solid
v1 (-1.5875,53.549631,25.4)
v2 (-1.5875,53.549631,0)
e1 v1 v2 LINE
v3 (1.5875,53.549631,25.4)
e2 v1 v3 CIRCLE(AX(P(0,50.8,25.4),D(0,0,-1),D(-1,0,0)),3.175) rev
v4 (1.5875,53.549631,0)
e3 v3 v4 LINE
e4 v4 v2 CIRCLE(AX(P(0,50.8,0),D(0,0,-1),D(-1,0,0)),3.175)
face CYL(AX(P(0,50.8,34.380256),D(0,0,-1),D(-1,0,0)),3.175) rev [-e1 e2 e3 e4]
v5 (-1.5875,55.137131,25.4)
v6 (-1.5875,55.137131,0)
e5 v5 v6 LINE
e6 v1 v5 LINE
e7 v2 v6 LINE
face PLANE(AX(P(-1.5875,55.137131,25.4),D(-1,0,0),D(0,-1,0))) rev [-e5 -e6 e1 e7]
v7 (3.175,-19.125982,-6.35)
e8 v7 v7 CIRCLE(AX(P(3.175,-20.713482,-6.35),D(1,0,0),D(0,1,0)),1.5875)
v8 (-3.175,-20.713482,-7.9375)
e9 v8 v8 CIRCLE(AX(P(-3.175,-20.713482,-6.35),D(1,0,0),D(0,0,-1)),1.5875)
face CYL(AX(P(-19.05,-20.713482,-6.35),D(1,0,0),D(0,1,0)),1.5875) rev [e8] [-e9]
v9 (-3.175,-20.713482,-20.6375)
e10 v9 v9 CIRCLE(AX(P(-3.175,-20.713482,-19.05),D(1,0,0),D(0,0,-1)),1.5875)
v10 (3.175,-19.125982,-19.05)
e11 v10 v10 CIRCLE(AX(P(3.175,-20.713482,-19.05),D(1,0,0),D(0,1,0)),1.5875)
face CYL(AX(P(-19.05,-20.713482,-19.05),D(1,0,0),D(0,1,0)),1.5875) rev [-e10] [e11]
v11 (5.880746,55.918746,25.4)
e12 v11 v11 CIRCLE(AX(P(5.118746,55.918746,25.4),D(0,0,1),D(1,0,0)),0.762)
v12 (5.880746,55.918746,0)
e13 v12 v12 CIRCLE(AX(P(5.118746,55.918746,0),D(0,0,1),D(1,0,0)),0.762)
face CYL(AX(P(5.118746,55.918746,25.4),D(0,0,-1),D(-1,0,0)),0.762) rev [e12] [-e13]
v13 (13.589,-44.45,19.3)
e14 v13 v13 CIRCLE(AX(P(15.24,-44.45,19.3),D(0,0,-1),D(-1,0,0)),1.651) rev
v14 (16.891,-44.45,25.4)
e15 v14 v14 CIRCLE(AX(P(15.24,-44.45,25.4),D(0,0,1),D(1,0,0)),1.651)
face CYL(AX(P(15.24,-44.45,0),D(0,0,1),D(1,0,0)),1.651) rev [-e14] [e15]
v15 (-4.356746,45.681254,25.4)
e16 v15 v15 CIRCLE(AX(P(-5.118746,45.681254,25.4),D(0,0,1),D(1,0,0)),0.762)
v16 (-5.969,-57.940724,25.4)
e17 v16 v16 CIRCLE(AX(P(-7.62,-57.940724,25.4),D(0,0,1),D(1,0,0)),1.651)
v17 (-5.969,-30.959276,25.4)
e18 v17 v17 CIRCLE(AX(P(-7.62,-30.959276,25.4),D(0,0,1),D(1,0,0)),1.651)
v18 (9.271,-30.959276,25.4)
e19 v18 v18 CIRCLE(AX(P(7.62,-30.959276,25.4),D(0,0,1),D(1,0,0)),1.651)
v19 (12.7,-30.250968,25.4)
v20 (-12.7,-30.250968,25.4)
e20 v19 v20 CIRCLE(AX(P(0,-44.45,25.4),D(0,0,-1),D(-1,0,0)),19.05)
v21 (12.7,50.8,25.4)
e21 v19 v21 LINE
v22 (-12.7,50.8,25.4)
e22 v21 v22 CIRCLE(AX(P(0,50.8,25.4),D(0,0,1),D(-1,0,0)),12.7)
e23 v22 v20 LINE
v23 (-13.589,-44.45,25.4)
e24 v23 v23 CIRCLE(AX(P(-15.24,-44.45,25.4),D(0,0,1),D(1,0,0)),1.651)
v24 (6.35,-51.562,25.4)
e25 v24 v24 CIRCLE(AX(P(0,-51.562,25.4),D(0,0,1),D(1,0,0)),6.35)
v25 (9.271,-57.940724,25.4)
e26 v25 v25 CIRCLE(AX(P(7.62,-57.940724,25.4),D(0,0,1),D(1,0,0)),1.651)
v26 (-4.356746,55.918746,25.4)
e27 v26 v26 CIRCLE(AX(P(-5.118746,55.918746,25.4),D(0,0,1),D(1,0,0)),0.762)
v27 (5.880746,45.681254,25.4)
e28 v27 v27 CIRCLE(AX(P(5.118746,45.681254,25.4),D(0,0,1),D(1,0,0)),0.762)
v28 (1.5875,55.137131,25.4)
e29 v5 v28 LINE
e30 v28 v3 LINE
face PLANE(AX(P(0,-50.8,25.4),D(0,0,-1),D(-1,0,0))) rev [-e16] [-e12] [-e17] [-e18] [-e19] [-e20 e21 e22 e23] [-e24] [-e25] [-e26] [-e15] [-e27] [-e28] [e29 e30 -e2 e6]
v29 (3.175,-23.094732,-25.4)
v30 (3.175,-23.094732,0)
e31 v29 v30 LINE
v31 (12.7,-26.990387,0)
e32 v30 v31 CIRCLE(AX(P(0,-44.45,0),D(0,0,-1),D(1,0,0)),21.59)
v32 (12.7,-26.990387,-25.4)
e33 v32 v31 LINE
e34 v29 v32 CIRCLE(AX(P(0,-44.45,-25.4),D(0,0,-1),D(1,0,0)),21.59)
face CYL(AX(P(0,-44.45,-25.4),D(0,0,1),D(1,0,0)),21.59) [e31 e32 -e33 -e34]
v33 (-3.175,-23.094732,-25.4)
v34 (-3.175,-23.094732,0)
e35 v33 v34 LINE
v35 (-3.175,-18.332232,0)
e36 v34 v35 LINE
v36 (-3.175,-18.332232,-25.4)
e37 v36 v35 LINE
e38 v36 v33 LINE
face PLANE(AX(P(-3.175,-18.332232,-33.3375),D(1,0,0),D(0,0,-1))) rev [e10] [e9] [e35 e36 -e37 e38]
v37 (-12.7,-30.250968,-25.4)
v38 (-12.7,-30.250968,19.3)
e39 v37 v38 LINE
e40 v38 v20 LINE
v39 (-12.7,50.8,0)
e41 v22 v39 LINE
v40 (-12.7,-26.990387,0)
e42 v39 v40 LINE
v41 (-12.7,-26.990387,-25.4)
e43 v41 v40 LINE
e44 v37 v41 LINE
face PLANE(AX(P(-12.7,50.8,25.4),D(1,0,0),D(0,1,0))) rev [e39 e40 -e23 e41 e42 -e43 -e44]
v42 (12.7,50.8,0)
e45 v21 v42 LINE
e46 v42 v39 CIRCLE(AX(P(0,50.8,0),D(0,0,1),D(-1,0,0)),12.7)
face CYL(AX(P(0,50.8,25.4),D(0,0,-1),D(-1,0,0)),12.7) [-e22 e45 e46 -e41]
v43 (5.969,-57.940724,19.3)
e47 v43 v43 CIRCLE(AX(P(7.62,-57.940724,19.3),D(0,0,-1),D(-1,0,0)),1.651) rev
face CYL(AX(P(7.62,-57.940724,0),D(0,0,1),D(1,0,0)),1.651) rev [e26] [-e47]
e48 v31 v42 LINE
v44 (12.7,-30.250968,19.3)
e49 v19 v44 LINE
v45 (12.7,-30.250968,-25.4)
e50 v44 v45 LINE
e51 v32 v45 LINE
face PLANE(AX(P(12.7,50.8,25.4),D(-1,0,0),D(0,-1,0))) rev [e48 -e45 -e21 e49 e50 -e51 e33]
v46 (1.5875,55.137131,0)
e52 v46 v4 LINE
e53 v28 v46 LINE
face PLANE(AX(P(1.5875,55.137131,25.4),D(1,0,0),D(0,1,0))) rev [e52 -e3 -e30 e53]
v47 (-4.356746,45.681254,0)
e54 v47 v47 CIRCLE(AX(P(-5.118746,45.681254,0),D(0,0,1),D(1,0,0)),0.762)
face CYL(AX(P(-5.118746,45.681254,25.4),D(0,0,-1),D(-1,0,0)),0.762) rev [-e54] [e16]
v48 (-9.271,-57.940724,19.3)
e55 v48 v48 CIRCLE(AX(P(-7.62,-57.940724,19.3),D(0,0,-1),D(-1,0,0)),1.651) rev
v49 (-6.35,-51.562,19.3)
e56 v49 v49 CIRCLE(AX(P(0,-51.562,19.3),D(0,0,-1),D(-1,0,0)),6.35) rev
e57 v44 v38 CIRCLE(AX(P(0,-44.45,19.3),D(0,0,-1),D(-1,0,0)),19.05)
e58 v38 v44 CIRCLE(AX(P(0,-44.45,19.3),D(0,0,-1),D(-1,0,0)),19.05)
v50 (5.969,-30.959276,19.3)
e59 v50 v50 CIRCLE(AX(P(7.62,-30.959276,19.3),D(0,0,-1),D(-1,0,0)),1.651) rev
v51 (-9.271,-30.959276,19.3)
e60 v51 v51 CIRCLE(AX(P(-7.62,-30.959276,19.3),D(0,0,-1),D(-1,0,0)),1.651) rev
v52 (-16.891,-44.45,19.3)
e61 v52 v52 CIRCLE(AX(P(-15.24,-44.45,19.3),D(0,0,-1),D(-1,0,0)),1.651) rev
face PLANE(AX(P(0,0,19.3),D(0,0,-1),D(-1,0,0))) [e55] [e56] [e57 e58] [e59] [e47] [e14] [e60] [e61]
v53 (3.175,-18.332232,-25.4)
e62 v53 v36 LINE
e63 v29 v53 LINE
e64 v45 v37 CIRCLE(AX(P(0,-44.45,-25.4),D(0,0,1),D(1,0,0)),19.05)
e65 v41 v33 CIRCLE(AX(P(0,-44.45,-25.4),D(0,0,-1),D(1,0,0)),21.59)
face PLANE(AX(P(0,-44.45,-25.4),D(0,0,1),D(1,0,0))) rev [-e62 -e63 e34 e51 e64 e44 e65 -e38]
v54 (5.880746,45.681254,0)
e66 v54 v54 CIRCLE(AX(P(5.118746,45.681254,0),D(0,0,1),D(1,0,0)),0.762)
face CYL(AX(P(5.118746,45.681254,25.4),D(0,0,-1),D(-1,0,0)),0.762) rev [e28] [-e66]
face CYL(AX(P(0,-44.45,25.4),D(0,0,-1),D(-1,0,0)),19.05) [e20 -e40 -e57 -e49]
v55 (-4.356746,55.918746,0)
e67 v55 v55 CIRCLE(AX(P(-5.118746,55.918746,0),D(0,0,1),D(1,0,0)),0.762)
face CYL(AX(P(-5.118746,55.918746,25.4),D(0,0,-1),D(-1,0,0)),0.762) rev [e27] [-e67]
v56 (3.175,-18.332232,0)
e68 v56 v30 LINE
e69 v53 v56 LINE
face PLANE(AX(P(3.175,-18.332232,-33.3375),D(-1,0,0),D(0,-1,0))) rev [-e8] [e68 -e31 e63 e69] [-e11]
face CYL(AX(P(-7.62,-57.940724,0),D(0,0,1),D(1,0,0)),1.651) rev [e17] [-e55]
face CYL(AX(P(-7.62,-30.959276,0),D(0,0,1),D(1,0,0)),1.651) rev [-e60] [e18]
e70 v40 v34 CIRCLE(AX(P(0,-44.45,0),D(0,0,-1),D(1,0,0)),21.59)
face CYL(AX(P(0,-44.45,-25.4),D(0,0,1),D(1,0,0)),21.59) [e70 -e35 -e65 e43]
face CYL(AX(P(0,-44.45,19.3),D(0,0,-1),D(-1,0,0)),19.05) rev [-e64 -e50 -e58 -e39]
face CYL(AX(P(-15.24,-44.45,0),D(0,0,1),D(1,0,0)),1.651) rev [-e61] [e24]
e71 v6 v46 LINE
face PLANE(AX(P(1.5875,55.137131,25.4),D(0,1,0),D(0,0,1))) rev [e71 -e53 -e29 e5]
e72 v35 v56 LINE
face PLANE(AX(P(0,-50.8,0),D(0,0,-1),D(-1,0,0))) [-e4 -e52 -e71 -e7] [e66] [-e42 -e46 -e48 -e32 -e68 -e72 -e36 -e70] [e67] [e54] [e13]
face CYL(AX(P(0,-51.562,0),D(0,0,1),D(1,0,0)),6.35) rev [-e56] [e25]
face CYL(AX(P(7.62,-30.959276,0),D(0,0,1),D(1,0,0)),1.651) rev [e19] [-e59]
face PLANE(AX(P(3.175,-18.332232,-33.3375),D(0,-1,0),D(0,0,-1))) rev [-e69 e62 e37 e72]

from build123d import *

# Parameters (mm, degrees)
SKETCH1_R           = 3.175
SKETCH1_R_2         = 0.762
BOSS_EXTRUDE1_DEPTH = 25.4
SKETCH2_R           = 19.05
SKETCH2_R_2         = 3.175
BOSS_EXTRUDE2_DEPTH = 25.4
SKETCH3_R           = 1.651
CUT_EXTRUDE1_DEPTH  = 25.4
SKETCH5_R           = 6.35
CUT_EXTRUDE2_DEPTH  = 25.4
SKETCH6_W           = 3.175
SKETCH6_H           = 1.5875
CUT_EXTRUDE3_DEPTH  = 25.4
SKETCH2_2_R         = 3.175
CUT_EXTRUDE6_DEPTH  = 25.4
SKETCH8_R           = 1.651
SKETCH8_R_2         = 6.35
CUT_EXTRUDE4_DEPTH  = 19.3
BOSS_EXTRUDE3_DEPTH = 25.4
SKETCH10_W          = 6.35
SKETCH10_H          = 4.7625
BOSS_EXTRUDE4_DEPTH = 25.4
SKETCH11_R          = 1.5875
CUT_EXTRUDE5_DEPTH  = 23.225


with BuildPart() as part:
    # Sketch1 → Boss-Extrude1 (new body)
    with BuildSketch(Plane.XY):
        with BuildLine():
            Line((12.7, 50.8), (12.7, -50.8))
            ThreePointArc((12.7, -50.8), (0, -63.5), (-12.7, -50.8))
            Line((-12.7, -50.8), (-12.7, 50.8))
            ThreePointArc((-12.7, 50.8), (0, 63.5), (12.7, 50.8))
        make_face()
        with Locations((0, 50.8)):
            Circle(SKETCH1_R, mode=Mode.SUBTRACT)
        with Locations((-5.118745989, 55.918745989)):
            Circle(SKETCH1_R_2, mode=Mode.SUBTRACT)
        with Locations((5.118745989, 55.918745989)):
            Circle(SKETCH1_R_2, mode=Mode.SUBTRACT)
        with Locations((5.118745989, 45.681254011)):
            Circle(SKETCH1_R_2, mode=Mode.SUBTRACT)
        with Locations((-5.118745989, 45.681254011)):
            Circle(SKETCH1_R_2, mode=Mode.SUBTRACT)
    extrude(amount=BOSS_EXTRUDE1_DEPTH)

    # Sketch2 → Boss-Extrude2 (add)
    with BuildSketch(Plane(origin=(0, 0, 0), x_dir=(-1, 0, 0), z_dir=(0, 0, -1))):
        with Locations((0, -44.45)):
            Circle(SKETCH2_R)
        with Locations((0, 50.8)):
            Circle(SKETCH2_R_2)
    extrude(amount=-BOSS_EXTRUDE2_DEPTH)

    # Sketch3 → Cut-Extrude1 (cut)
    with BuildSketch(Plane.XY.offset(25.4)):
        with Locations((-7.62, -30.959275928)):
            Circle(SKETCH3_R)
        with Locations((7.62, -30.959275928)):
            Circle(SKETCH3_R)
        with Locations((-15.24, -44.45)):
            Circle(SKETCH3_R)
        with Locations((-7.62, -57.940724072)):
            Circle(SKETCH3_R)
        with Locations((7.62, -57.940724072)):
            Circle(SKETCH3_R)
        with Locations((15.24, -44.45)):
            Circle(SKETCH3_R)
    extrude(amount=-CUT_EXTRUDE1_DEPTH, mode=Mode.SUBTRACT)

    # Sketch5 → Cut-Extrude2 (cut)
    with BuildSketch(Plane.XY.offset(25.4)):
        with Locations((0, -51.562)):
            Circle(SKETCH5_R)
    extrude(amount=-CUT_EXTRUDE2_DEPTH, mode=Mode.SUBTRACT)

    # Sketch6 → Cut-Extrude3 (cut)
    with BuildSketch(Plane(origin=(0, 0, 0), x_dir=(-1, 0, 0), z_dir=(0, 0, -1))):
        with Locations((0, 54.343380657)):
            Rectangle(SKETCH6_W, SKETCH6_H)
    extrude(amount=-CUT_EXTRUDE3_DEPTH, mode=Mode.SUBTRACT)

    # Sketch2<2> → Cut-Extrude6 (cut)
    with BuildSketch(Plane(origin=(0, 0, 0), x_dir=(-1, 0, 0), z_dir=(0, 0, -1))):
        with Locations((0, 50.8)):
            Circle(SKETCH2_2_R)
    extrude(amount=-CUT_EXTRUDE6_DEPTH, mode=Mode.SUBTRACT)

    # Sketch8 → Cut-Extrude4 (cut)
    with BuildSketch(Plane(origin=(0, 0, 0), x_dir=(-1, 0, 0), z_dir=(0, 0, -1))):
        with BuildLine():
            ThreePointArc((-12.7, -30.250968343), (-7.777129933, -61.840191201), (19.05, -44.45))
            ThreePointArc((19.05, -44.45), (17.390191201, -36.672870067), (12.7, -30.250968343))
            ThreePointArc((12.7, -30.250968343), (0, -25.4), (-12.7, -30.250968343))
        make_face()
        with Locations((-7.62, -57.940724072)):
            Circle(SKETCH8_R, mode=Mode.SUBTRACT)
        with Locations((7.62, -57.940724072)):
            Circle(SKETCH8_R, mode=Mode.SUBTRACT)
        with Locations((0, -51.562)):
            Circle(SKETCH8_R_2, mode=Mode.SUBTRACT)
        with Locations((-15.24, -44.45)):
            Circle(SKETCH8_R, mode=Mode.SUBTRACT)
        with Locations((-7.62, -30.959275928)):
            Circle(SKETCH8_R, mode=Mode.SUBTRACT)
        with Locations((15.24, -44.45)):
            Circle(SKETCH8_R, mode=Mode.SUBTRACT)
        with Locations((7.62, -30.959275928)):
            Circle(SKETCH8_R, mode=Mode.SUBTRACT)
        with Locations((7.62, -30.959275928)):
            Circle(SKETCH8_R)
        with Locations((-7.62, -30.959275928)):
            Circle(SKETCH8_R)
        with Locations((-15.24, -44.45)):
            Circle(SKETCH8_R)
        with Locations((-7.62, -57.940724072)):
            Circle(SKETCH8_R)
        with Locations((0, -51.562)):
            Circle(SKETCH8_R_2)
        with Locations((7.62, -57.940724072)):
            Circle(SKETCH8_R)
        with Locations((15.24, -44.45)):
            Circle(SKETCH8_R)
    extrude(amount=-CUT_EXTRUDE4_DEPTH, mode=Mode.SUBTRACT)

    # Sketch9 → Boss-Extrude3 (add)
    with BuildSketch(Plane(origin=(0, 0, 0), x_dir=(-1, 0, 0), z_dir=(0, 0, -1))):
        with BuildLine():
            Line((-12.7, -30.250968343), (-12.7, -26.990386602))
            ThreePointArc((-12.7, -26.990386602), (0, -22.86), (12.7, -26.990386602))
            Line((12.7, -26.990386602), (12.7, -30.250968343))
            ThreePointArc((12.7, -30.250968343), (0, -25.4), (-12.7, -30.250968343))
        make_face()
    extrude(amount=BOSS_EXTRUDE3_DEPTH)

    # Sketch10 → Boss-Extrude4 (add)
    with BuildSketch(Plane(origin=(0, 0, 0), x_dir=(-1, 0, 0), z_dir=(0, 0, -1))):
        with Locations((0, -20.713481915)):
            Rectangle(SKETCH10_W, SKETCH10_H)
    extrude(amount=BOSS_EXTRUDE4_DEPTH)

    # Sketch11 → Cut-Extrude5 (cut, through all)
    with BuildSketch(Plane(origin=(3.175, 0, 0), x_dir=(0, 0, -1), z_dir=(1, 0, 0))):
        with Locations((6.35, -20.713481915)):
            Circle(SKETCH11_R)
        with Locations((19.05, -20.713481915)):
            Circle(SKETCH11_R)
    extrude(amount=-CUT_EXTRUDE5_DEPTH, mode=Mode.SUBTRACT)


solid = part.part
